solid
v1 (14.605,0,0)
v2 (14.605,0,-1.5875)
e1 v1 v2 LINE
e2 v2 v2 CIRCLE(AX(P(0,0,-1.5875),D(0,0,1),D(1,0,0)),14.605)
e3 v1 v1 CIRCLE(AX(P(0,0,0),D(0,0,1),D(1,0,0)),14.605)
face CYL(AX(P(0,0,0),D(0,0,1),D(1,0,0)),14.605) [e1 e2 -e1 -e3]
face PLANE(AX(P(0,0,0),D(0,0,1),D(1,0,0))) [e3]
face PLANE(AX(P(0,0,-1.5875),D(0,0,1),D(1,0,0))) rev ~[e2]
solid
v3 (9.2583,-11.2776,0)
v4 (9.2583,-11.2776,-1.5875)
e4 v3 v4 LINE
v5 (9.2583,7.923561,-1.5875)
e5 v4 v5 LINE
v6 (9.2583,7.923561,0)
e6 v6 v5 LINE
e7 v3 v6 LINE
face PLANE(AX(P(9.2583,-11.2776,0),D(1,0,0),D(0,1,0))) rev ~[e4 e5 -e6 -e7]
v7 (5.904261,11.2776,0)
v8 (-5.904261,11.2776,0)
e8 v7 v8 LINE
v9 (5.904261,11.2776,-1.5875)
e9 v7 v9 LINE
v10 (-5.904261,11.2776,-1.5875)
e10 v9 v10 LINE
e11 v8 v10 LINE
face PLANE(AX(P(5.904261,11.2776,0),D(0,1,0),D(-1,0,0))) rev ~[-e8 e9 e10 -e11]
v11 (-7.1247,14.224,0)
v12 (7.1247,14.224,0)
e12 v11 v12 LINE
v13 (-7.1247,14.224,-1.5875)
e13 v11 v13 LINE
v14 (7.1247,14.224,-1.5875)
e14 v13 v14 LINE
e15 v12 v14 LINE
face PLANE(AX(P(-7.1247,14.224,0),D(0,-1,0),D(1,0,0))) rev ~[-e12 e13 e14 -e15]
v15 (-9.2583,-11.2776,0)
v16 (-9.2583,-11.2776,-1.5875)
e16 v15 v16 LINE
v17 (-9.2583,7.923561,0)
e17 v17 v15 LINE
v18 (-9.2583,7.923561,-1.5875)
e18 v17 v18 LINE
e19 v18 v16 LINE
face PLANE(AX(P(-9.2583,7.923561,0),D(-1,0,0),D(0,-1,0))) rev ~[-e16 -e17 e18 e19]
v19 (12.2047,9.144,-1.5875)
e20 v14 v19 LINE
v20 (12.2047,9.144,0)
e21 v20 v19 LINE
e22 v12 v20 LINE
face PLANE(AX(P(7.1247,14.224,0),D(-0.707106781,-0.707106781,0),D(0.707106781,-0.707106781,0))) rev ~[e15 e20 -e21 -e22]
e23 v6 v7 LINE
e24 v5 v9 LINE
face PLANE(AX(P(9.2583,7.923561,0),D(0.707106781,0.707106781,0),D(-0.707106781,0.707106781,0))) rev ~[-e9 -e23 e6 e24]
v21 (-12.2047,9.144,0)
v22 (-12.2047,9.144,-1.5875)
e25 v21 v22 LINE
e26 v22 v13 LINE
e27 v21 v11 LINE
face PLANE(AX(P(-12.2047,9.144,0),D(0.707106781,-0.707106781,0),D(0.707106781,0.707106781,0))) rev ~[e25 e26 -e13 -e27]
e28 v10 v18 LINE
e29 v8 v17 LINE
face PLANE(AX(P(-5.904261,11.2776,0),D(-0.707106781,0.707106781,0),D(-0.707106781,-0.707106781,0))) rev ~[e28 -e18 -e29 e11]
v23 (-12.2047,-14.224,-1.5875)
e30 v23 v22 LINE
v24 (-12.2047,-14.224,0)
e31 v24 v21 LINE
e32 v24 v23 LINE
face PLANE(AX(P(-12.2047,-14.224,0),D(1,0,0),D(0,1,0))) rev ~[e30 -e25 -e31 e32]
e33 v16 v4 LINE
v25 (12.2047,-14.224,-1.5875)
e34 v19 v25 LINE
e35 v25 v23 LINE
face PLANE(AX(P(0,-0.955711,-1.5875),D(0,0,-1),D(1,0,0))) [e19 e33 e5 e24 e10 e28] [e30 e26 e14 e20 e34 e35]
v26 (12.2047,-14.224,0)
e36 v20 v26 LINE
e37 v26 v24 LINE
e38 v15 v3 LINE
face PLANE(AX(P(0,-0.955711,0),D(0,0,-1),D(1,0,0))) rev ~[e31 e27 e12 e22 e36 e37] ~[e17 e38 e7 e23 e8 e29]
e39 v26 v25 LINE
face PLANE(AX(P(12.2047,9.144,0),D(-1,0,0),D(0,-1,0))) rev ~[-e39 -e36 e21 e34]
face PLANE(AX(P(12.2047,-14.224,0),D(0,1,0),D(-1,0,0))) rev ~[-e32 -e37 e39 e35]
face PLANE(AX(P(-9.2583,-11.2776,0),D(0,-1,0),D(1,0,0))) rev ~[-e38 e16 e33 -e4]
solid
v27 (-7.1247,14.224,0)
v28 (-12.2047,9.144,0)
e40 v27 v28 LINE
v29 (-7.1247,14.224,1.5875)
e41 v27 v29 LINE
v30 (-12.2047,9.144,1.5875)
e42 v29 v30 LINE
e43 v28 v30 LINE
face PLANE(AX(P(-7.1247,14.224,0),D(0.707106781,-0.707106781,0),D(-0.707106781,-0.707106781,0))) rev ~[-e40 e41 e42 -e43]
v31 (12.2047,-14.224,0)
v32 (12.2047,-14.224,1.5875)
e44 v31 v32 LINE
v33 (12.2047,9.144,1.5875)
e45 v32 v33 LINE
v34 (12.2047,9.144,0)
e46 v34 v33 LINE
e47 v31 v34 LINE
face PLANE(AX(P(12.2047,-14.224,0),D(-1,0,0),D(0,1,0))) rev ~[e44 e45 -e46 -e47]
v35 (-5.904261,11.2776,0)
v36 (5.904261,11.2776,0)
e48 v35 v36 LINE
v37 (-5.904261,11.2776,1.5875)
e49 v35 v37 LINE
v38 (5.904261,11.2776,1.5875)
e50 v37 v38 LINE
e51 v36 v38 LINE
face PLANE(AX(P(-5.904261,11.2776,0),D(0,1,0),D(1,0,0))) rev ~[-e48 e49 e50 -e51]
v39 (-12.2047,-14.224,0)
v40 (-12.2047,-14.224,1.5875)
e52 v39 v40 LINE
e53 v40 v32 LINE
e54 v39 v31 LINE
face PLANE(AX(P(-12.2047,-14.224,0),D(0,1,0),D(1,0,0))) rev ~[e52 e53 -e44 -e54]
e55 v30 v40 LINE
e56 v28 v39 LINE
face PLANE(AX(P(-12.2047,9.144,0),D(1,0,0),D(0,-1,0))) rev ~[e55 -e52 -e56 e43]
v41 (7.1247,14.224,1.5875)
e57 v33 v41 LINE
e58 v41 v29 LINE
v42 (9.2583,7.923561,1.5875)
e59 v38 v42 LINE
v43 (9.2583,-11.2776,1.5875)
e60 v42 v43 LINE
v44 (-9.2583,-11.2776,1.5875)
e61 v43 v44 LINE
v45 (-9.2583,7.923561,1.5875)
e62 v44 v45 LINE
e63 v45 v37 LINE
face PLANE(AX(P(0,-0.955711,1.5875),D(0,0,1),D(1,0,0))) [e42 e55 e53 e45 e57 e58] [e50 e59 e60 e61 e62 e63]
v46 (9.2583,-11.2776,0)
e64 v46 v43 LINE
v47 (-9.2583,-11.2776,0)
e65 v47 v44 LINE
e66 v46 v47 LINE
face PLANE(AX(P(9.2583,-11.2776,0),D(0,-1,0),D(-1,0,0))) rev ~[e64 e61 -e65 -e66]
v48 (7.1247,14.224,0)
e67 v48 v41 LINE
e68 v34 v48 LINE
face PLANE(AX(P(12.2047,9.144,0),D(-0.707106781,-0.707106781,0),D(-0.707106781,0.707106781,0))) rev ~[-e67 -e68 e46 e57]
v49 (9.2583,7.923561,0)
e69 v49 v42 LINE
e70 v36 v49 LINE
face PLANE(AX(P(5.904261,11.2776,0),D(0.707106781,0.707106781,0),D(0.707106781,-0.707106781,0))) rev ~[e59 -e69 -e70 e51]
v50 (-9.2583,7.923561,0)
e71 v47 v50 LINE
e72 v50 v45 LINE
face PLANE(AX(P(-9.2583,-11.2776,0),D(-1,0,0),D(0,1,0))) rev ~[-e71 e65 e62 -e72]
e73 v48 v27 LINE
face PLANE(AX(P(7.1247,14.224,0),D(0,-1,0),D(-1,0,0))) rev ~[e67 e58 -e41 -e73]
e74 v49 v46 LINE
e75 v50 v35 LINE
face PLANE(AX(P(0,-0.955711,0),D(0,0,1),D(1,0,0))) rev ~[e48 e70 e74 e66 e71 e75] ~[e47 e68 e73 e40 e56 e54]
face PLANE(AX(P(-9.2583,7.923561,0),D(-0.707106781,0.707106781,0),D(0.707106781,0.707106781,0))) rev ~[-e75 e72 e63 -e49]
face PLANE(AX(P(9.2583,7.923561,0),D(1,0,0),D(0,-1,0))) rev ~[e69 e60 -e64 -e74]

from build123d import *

# Parameters (mm, degrees)
F1_DEPTH = 1.5875
F2_R     = 14.605
F3_DEPTH = 1.5875
F4_DEPTH = 1.5875


with BuildPart() as f1:
    # F0 (on Top) → F1 (new body)
    with BuildSketch(Plane.XY):
        Polygon((-12.2047, -14.224), (12.2047, -14.224), (12.2047, 9.144), (7.1247, 14.224), (-7.1247, 14.224), (-12.2047, 9.144), align=None)
        Polygon((9.2583, -11.2776), (-9.2583, -11.2776), (-9.2583, 7.923561), (-5.904261, 11.2776), (5.904261, 11.2776), (9.2583, 7.923561), align=None, mode=Mode.SUBTRACT)
    extrude(amount=F1_DEPTH)


with BuildPart() as f3:
    # F2 (on Top) → F3 (new body)
    with BuildSketch(Plane.XY):
        Circle(F2_R)
    extrude(amount=-F3_DEPTH)


with BuildPart() as f4:
    # F1_face (on face) → F4 (new body, through all)
    with BuildSketch(Plane(origin=(0, -0.79742, 0), x_dir=(1, 0, 0), z_dir=(0, 0, -1))):
        Polygon((-12.2047, 13.42658), (-12.2047, -9.94142), (-7.1247, -15.02142), (7.1247, -15.02142), (12.2047, -9.94142), (12.2047, 13.42658), align=None)
        Polygon((-9.2583, 10.48018), (9.2583, 10.48018), (9.2583, -8.720981), (5.904261, -12.07502), (-5.904261, -12.07502), (-9.2583, -8.720981), align=None, mode=Mode.SUBTRACT)
    extrude(amount=F4_DEPTH)


solid = Compound([f1.part, f3.part, f4.part])
